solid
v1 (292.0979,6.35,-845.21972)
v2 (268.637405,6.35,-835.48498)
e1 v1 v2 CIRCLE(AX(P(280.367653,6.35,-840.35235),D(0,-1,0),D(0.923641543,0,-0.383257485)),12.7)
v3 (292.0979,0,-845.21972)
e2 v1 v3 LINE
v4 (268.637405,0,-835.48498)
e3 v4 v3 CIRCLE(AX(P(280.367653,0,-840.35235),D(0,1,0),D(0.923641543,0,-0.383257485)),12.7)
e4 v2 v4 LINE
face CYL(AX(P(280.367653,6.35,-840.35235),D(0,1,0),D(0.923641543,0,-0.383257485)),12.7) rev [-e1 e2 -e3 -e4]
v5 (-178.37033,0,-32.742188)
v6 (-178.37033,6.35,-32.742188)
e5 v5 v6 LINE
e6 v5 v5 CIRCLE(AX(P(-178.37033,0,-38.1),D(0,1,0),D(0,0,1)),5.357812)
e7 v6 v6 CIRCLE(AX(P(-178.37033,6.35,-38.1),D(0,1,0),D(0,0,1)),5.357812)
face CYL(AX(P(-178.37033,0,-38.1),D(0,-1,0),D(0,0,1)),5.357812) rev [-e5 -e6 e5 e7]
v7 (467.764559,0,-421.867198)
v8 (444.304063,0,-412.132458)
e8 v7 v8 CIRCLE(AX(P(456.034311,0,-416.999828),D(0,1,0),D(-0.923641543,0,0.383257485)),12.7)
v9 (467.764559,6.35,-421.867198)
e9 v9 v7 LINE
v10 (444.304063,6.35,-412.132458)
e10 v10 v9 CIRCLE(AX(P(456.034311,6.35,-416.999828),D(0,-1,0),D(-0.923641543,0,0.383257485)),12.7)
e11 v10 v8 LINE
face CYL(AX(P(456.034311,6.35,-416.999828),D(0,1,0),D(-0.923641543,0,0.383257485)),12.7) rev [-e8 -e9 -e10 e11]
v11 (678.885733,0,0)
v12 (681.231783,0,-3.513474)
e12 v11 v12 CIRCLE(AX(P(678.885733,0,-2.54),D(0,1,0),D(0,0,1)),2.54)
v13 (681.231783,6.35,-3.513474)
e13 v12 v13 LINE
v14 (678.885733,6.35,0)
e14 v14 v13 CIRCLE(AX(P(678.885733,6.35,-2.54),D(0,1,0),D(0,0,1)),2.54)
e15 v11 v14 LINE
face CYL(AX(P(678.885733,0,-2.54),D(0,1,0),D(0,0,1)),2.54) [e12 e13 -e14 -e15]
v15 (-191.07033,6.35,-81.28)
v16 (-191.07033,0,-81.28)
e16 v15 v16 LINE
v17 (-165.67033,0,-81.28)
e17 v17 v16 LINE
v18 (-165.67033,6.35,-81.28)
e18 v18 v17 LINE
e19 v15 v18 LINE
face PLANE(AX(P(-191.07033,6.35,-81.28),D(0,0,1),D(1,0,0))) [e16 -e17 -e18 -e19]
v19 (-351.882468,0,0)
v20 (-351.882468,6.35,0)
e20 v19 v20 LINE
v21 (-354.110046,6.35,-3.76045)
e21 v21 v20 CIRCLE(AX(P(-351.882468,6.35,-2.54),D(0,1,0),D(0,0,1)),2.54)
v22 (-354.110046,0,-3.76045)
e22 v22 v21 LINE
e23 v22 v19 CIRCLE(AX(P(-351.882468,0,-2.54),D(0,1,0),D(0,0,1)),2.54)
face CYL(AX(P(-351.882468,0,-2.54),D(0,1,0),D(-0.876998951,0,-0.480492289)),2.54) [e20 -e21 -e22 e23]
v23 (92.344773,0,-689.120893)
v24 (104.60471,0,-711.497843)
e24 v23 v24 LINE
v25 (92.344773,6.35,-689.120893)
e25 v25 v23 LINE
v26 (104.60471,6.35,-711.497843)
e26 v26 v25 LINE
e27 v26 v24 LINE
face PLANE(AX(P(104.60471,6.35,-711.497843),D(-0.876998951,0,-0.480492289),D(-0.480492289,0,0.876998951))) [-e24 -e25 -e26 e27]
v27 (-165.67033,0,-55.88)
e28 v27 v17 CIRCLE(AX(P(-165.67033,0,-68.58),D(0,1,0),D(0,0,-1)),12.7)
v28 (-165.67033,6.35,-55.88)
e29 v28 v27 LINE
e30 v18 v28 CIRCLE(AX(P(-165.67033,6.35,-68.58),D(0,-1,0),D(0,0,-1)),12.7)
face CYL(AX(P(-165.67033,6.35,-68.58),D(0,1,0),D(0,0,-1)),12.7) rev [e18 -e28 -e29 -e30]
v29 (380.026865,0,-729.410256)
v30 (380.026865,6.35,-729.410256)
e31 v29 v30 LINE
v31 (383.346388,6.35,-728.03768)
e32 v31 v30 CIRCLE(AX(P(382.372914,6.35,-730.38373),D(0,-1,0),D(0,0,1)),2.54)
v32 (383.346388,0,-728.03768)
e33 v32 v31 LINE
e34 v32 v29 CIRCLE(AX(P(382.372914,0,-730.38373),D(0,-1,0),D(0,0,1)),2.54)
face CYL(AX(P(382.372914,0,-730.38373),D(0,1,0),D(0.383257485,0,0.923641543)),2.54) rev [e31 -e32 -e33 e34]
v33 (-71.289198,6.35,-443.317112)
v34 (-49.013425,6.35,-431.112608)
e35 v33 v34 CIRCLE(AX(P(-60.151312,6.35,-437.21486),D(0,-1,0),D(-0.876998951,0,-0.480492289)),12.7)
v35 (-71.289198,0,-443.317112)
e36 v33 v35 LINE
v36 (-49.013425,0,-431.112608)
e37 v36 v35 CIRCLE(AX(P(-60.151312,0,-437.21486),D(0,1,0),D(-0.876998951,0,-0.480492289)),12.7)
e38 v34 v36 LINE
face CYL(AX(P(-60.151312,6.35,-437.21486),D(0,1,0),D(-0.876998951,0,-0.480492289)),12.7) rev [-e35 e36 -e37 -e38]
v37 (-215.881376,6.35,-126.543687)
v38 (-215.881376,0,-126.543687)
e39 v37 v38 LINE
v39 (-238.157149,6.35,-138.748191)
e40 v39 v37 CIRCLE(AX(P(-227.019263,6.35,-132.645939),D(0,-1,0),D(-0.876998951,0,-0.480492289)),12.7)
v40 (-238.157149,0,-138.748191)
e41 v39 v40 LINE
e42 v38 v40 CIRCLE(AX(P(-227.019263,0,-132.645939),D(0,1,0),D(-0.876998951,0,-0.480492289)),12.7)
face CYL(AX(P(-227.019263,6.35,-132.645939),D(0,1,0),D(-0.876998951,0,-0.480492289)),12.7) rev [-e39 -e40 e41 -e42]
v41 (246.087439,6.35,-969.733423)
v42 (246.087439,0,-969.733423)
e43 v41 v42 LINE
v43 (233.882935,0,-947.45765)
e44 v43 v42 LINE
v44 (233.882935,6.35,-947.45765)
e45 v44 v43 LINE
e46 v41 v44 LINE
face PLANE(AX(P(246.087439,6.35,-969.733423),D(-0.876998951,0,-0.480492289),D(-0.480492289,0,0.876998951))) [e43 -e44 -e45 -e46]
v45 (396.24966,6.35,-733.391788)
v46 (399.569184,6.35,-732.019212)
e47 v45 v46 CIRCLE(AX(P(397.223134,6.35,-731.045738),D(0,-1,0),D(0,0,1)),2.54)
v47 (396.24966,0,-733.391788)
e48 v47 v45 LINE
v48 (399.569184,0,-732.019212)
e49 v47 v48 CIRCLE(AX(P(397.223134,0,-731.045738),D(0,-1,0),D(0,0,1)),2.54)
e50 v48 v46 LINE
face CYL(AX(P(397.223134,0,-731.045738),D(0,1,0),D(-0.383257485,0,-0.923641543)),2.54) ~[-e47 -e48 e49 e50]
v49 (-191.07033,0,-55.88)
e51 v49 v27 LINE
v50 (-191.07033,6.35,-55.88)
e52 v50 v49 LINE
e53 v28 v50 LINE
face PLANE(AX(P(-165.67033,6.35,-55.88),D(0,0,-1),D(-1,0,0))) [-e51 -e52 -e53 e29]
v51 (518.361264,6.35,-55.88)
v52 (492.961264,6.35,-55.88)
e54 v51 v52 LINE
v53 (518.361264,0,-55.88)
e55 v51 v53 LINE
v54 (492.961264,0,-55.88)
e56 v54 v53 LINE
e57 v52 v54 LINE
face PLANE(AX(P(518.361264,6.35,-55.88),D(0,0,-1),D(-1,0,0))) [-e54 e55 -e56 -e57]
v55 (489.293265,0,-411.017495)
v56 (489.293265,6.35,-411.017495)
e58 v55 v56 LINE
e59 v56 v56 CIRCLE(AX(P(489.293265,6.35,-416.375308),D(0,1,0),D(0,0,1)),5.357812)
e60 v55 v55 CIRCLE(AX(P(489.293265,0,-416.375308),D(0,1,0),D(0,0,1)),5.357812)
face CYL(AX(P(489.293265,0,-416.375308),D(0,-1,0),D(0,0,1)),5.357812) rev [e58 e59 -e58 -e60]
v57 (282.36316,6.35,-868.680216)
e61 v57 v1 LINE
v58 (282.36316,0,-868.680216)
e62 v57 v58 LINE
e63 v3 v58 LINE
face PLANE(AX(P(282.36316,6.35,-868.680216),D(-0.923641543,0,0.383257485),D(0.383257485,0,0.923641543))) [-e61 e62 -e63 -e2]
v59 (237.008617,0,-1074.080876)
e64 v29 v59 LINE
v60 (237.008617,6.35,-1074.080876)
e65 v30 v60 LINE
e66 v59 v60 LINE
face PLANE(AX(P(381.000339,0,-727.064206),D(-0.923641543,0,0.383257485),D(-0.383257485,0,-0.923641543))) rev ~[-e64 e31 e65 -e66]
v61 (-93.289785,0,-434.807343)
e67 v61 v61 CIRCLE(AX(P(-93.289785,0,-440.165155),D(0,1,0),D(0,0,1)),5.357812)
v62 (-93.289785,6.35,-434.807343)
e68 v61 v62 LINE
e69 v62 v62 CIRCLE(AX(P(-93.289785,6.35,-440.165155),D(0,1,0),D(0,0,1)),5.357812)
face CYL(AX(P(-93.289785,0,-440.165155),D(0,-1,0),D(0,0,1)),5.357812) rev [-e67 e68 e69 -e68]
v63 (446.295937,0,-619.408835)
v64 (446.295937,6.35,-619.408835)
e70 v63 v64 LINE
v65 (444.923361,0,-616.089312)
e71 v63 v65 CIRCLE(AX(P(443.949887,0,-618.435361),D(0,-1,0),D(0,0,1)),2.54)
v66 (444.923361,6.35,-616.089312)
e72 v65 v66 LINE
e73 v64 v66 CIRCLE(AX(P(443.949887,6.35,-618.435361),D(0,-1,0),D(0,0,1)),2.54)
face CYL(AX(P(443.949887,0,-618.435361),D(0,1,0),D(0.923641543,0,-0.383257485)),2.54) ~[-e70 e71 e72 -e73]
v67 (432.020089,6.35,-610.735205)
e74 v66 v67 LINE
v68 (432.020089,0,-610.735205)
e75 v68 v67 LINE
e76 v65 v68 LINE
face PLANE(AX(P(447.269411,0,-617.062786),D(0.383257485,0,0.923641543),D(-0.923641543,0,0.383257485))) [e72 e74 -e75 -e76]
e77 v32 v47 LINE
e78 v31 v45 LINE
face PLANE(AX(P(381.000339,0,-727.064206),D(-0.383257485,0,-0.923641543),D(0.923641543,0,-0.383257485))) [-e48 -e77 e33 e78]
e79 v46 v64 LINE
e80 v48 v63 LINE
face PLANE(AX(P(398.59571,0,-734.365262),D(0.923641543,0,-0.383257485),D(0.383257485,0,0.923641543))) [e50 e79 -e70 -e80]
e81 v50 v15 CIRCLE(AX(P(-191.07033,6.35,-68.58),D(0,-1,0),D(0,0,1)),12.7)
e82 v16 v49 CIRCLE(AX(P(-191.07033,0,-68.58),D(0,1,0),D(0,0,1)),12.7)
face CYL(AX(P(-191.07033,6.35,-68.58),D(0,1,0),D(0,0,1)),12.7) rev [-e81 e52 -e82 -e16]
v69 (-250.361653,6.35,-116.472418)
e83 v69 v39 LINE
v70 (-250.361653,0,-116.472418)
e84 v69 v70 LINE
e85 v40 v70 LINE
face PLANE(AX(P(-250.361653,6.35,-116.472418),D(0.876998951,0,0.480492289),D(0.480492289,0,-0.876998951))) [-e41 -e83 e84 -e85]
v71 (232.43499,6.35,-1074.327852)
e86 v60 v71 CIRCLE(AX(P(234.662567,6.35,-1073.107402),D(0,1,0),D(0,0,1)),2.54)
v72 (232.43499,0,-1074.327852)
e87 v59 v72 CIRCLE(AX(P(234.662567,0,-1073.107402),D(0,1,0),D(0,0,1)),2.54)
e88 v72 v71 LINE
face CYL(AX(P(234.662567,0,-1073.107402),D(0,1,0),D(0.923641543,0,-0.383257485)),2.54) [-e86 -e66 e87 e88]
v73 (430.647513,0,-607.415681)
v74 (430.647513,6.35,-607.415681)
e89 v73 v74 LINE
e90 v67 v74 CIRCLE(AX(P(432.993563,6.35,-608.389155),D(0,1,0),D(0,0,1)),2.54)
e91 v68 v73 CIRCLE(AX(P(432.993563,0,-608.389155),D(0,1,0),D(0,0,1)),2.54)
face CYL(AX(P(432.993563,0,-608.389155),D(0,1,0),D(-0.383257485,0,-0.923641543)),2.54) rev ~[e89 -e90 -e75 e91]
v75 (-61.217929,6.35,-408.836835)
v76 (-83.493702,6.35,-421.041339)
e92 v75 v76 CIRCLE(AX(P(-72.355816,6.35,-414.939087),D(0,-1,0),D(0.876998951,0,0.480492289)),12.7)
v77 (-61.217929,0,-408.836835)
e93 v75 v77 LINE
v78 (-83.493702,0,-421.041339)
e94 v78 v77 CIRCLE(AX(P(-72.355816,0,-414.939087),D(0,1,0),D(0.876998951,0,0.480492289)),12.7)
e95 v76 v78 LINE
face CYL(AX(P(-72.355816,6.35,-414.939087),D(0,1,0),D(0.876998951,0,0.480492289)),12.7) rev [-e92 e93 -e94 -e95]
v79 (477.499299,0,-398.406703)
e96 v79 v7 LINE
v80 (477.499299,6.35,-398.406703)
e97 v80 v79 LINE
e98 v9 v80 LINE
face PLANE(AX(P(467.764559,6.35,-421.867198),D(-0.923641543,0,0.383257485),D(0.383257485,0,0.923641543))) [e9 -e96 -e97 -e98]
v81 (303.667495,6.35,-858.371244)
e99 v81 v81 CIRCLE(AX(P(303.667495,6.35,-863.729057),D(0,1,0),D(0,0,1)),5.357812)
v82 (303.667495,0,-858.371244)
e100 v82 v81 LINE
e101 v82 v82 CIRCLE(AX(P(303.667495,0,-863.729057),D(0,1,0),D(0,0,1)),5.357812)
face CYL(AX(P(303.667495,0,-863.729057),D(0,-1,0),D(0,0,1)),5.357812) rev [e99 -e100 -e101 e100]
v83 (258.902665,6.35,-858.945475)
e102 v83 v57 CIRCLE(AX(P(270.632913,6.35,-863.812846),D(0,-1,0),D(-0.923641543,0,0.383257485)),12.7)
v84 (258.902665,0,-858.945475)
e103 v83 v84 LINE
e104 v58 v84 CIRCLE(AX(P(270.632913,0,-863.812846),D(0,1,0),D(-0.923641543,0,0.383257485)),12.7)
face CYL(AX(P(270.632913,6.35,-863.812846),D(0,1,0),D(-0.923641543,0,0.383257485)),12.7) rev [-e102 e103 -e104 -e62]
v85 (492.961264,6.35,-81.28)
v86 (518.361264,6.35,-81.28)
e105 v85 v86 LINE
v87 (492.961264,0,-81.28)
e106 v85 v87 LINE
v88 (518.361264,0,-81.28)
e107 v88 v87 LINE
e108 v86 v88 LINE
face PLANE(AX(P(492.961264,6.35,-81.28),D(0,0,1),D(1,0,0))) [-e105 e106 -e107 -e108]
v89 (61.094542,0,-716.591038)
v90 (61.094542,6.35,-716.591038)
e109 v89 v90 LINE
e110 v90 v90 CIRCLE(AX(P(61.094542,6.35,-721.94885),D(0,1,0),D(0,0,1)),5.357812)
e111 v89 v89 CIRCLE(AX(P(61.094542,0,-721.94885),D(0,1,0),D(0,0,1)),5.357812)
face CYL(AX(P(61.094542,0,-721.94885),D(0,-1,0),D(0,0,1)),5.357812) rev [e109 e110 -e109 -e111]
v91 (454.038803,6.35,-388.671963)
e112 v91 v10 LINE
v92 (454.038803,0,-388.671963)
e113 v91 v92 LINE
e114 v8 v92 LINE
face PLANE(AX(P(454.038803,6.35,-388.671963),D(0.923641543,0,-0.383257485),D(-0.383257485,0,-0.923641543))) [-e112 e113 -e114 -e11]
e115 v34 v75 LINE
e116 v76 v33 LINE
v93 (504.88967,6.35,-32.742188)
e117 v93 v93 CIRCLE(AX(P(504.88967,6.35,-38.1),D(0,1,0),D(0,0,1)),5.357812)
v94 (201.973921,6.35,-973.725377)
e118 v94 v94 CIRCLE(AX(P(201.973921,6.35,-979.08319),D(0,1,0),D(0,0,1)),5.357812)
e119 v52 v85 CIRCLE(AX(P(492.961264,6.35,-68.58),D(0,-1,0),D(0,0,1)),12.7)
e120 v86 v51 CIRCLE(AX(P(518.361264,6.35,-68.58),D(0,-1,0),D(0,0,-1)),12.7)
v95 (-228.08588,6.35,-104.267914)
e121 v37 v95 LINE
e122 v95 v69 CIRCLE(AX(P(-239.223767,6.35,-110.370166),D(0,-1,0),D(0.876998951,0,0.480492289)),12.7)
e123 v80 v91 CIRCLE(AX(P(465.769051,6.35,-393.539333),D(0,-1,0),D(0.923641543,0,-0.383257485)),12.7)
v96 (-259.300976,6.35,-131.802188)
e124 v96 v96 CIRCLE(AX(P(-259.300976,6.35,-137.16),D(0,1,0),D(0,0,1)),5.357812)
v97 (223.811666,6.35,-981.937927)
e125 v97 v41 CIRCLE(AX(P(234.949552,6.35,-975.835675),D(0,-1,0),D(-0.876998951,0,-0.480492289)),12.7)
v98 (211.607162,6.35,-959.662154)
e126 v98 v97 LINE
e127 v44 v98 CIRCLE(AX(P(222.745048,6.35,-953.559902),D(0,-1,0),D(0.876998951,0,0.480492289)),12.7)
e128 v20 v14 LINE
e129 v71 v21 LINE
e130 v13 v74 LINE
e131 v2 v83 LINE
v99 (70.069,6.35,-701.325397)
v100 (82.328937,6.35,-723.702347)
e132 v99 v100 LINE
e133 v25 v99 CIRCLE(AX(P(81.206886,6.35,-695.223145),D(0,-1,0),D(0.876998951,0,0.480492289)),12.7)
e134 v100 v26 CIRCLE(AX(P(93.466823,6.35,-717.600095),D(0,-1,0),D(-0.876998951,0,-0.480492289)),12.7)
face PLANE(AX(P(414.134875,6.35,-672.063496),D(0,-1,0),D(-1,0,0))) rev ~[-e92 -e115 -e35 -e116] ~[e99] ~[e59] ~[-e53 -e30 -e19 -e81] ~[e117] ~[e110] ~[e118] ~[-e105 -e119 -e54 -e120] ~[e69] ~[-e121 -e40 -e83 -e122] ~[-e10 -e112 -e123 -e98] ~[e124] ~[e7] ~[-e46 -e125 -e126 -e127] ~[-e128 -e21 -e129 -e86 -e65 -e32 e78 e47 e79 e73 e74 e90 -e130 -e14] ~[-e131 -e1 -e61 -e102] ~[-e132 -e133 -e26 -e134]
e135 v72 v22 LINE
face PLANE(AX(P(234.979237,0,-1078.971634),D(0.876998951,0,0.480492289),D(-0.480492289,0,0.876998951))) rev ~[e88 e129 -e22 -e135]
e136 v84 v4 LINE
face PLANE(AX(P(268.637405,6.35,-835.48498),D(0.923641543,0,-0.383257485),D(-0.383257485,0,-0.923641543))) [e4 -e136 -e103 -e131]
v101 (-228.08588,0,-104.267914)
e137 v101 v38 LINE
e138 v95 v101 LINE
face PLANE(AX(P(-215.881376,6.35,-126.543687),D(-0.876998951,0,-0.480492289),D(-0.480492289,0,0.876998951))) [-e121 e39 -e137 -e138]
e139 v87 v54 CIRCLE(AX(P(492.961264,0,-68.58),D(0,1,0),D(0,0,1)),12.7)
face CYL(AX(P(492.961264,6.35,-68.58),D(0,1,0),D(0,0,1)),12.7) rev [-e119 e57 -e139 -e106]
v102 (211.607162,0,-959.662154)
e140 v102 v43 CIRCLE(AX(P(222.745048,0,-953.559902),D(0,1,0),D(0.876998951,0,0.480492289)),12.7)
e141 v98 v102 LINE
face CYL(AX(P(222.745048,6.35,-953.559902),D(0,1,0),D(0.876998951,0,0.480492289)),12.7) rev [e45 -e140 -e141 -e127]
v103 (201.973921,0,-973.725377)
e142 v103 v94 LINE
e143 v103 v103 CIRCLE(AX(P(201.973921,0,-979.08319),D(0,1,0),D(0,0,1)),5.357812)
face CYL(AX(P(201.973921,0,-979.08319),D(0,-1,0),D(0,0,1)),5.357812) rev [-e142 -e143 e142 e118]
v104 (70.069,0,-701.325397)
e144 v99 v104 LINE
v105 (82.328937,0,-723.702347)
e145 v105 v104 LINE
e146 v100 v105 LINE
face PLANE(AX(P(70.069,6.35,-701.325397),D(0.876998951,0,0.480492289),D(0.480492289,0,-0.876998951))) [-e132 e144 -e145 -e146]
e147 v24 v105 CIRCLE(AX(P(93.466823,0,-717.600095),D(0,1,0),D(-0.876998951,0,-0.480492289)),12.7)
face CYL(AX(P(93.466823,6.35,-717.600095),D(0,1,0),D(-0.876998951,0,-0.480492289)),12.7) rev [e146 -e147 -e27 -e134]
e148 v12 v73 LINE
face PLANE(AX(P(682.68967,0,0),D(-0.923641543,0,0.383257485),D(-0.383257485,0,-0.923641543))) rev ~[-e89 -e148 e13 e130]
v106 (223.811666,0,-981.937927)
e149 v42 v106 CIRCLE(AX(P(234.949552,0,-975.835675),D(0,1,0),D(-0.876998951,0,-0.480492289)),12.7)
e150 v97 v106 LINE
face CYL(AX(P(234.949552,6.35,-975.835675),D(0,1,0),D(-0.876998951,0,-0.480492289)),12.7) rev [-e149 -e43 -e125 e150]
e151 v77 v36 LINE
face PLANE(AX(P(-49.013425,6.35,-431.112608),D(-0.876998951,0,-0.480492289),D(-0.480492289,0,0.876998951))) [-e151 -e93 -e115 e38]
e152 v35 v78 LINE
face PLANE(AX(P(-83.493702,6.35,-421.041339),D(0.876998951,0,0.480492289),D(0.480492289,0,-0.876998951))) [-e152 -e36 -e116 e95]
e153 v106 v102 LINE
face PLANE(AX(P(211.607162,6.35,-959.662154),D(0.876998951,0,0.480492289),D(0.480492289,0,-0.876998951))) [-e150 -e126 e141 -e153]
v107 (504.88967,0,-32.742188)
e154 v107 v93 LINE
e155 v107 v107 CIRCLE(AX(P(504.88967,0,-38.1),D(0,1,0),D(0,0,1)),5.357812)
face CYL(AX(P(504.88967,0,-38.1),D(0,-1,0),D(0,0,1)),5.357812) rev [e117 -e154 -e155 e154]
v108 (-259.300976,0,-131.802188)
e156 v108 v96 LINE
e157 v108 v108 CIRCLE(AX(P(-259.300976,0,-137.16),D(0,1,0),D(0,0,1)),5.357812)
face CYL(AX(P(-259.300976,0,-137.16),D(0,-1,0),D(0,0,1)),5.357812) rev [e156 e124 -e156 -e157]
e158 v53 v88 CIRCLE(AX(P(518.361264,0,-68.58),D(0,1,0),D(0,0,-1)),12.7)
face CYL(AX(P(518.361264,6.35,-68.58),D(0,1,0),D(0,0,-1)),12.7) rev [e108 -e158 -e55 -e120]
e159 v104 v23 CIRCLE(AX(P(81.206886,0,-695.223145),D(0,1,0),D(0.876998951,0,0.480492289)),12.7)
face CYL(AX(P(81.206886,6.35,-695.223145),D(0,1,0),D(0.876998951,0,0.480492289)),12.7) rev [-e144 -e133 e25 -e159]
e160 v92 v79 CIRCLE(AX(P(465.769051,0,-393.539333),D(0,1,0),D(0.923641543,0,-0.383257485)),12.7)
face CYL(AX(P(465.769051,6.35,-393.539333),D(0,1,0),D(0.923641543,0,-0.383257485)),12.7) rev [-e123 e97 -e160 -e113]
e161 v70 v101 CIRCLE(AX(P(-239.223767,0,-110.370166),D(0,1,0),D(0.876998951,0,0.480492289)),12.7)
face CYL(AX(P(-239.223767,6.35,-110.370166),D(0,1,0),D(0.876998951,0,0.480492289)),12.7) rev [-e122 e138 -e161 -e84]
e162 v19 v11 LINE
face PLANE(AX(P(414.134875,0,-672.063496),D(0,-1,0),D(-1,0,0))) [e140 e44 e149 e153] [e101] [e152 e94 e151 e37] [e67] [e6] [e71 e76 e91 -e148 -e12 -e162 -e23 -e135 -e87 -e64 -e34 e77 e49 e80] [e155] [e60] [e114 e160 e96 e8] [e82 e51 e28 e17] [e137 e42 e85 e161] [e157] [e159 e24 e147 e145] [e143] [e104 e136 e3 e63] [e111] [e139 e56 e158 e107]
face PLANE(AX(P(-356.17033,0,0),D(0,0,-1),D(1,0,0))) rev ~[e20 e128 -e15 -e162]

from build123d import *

# Parameters (mm, degrees)
SKETCH4_R           = 5.3578125
BOSS_EXTRUDE2_DEPTH = 6.35
CUT_EXTRUDE1_DEPTH  = 1277.826258948
FILLET1_R           = 2.54


with BuildPart() as part:
    # Sketch4 → Boss-Extrude2 (new body)
    # profile 1 of 2: a face of its own
    with BuildSketch(Plane(origin=(0, 0, 0), x_dir=(1, 0, 0), z_dir=(0, 1, 0))):
        Polygon((234.979236566, 1078.971634327), (-356.170330123, 0), (682.689669877, 0), (429.674039163, 609.761730508), (381.000338514, 727.064206463), align=None)
        with Locations(Location((-178.370330123, 38.1, 0), (0, 0, 270))):
            Circle(SKETCH4_R, mode=Mode.SUBTRACT)
        with Locations(Location((-259.300975608, 137.16, 0), (0, 0, 270))):
            Circle(SKETCH4_R, mode=Mode.SUBTRACT)
        with Locations(Location((-93.289784566, 440.165155055, 0), (0, 0, 270))):
            Circle(SKETCH4_R, mode=Mode.SUBTRACT)
        with Locations(Location((504.889669877, 38.1, 0), (0, 0, 270))):
            Circle(SKETCH4_R, mode=Mode.SUBTRACT)
        with Locations(Location((489.29326545, 416.375307605, 0), (0, 0, 270))):
            Circle(SKETCH4_R, mode=Mode.SUBTRACT)
        with Locations(Location((61.094542054, 721.948850069, 0), (0, 0, 270))):
            Circle(SKETCH4_R, mode=Mode.SUBTRACT)
        with Locations(Location((303.667495105, 863.729056592, 0), (0, 0, 270))):
            Circle(SKETCH4_R, mode=Mode.SUBTRACT)
        with Locations(Location((201.97392089, 979.083189991, 0), (0, 0, 270))):
            Circle(SKETCH4_R, mode=Mode.SUBTRACT)
    # profile 2 of 2: a face of its own
    with BuildSketch(Plane(origin=(0, 0, 0), x_dir=(1, 0, 0), z_dir=(0, 1, 0))):
        Polygon((429.674039163, 609.761730508), (381.000338514, 727.064206463), (398.595709907, 734.36526156), (447.269410556, 617.062785606), align=None)
    extrude(amount=BOSS_EXTRUDE2_DEPTH)

    # Sketch5 → Cut-Extrude1 (cut, through all)
    with BuildSketch(Plane(origin=(0, 6.35, 0), x_dir=(1, 0, 0), z_dir=(0, 1, 0))):
        with BuildLine():
            Line((-250.361653335, 116.472417753), (-238.157149202, 138.748191115))
            ThreePointArc((-238.157149202, 138.748191115), (-220.917010455, 143.783825729), (-215.88137584, 126.543686982))
            Line((-215.88137584, 126.543686982), (-228.085879973, 104.26791362))
            ThreePointArc((-228.085879973, 104.26791362), (-245.326018721, 99.232279006), (-250.361653335, 116.472417753))
        make_face()
        with BuildLine():
            Line((-191.070330123, 81.28), (-165.670330123, 81.28))
            ThreePointArc((-165.670330123, 81.28), (-152.970330123, 68.58), (-165.670330123, 55.88))
            Line((-165.670330123, 55.88), (-191.070330123, 55.88))
            ThreePointArc((-191.070330123, 55.88), (-203.770330123, 68.58), (-191.070330123, 81.28))
        make_face()
        with BuildLine():
            Line((-83.493702347, 421.041338954), (-71.289198214, 443.317112316))
            ThreePointArc((-71.289198214, 443.317112316), (-54.049059466, 448.35274693), (-49.013424852, 431.112608183))
            Line((-49.013424852, 431.112608183), (-61.217928985, 408.836834821))
            ThreePointArc((-61.217928985, 408.836834821), (-78.458067732, 403.801200206), (-83.493702347, 421.041338954))
        make_face()
        with BuildLine():
            Line((211.607161604, 959.662154075), (223.811665737, 981.937927436))
            ThreePointArc((223.811665737, 981.937927436), (241.051804485, 986.973562051), (246.087439099, 969.733423303))
            Line((246.087439099, 969.733423303), (233.882934966, 947.457649942))
            ThreePointArc((233.882934966, 947.457649942), (216.642796219, 942.422015327), (211.607161604, 959.662154075))
        make_face()
        with BuildLine():
            Line((70.0689996, 701.325397046), (82.328936684, 723.702347141))
            ThreePointArc((82.328936684, 723.702347141), (99.569075432, 728.737981755), (104.604710046, 711.497843008))
            Line((104.604710046, 711.497843008), (92.344772962, 689.120892913))
            ThreePointArc((92.344772962, 689.120892913), (75.104634214, 684.085258298), (70.0689996, 701.325397046))
        make_face()
        with BuildLine():
            Line((467.764558528, 421.867197937), (477.499298658, 398.406702746))
            ThreePointArc((477.499298658, 398.406702746), (470.636421128, 381.809085085), (454.038803467, 388.671962616))
            Line((454.038803467, 388.671962616), (444.304063337, 412.132457807))
            ThreePointArc((444.304063337, 412.132457807), (451.166940868, 428.730075467), (467.764558528, 421.867197937))
        make_face()
        with BuildLine():
            Line((492.961263737, 81.28), (518.361263737, 81.28))
            ThreePointArc((518.361263737, 81.28), (531.061263737, 68.58), (518.361263737, 55.88))
            Line((518.361263737, 55.88), (492.961263737, 55.88))
            ThreePointArc((492.961263737, 55.88), (480.261263737, 68.58), (492.961263737, 81.28))
        make_face()
        with BuildLine():
            Line((282.363160209, 868.680215609), (292.097900339, 845.219720419))
            ThreePointArc((292.097900339, 845.219720419), (285.235022808, 828.622102758), (268.637405148, 835.484980289))
            Line((268.637405148, 835.484980289), (258.902665018, 858.94547548))
            ThreePointArc((258.902665018, 858.94547548), (265.765542549, 875.54309314), (282.363160209, 868.680215609))
        make_face()
    extrude(amount=-CUT_EXTRUDE1_DEPTH, mode=Mode.SUBTRACT)

    # Fillet1
    fillet1_edges = [part.edges().sort_by_distance(p)[0] for p in [
        (682.689669877, 3.175, 0),
        (-356.170330123, 3.175, 0),
        (234.979236566, 3.175, -1078.971634327),
        (381.000338514, 3.175, -727.064206463),
        (429.674039163, 3.175, -609.761730508),
        (447.269410556, 3.175, -617.062785606),
        (398.595709907, 3.175, -734.36526156),
    ]]
    fillet(fillet1_edges, radius=FILLET1_R)


solid = part.part
